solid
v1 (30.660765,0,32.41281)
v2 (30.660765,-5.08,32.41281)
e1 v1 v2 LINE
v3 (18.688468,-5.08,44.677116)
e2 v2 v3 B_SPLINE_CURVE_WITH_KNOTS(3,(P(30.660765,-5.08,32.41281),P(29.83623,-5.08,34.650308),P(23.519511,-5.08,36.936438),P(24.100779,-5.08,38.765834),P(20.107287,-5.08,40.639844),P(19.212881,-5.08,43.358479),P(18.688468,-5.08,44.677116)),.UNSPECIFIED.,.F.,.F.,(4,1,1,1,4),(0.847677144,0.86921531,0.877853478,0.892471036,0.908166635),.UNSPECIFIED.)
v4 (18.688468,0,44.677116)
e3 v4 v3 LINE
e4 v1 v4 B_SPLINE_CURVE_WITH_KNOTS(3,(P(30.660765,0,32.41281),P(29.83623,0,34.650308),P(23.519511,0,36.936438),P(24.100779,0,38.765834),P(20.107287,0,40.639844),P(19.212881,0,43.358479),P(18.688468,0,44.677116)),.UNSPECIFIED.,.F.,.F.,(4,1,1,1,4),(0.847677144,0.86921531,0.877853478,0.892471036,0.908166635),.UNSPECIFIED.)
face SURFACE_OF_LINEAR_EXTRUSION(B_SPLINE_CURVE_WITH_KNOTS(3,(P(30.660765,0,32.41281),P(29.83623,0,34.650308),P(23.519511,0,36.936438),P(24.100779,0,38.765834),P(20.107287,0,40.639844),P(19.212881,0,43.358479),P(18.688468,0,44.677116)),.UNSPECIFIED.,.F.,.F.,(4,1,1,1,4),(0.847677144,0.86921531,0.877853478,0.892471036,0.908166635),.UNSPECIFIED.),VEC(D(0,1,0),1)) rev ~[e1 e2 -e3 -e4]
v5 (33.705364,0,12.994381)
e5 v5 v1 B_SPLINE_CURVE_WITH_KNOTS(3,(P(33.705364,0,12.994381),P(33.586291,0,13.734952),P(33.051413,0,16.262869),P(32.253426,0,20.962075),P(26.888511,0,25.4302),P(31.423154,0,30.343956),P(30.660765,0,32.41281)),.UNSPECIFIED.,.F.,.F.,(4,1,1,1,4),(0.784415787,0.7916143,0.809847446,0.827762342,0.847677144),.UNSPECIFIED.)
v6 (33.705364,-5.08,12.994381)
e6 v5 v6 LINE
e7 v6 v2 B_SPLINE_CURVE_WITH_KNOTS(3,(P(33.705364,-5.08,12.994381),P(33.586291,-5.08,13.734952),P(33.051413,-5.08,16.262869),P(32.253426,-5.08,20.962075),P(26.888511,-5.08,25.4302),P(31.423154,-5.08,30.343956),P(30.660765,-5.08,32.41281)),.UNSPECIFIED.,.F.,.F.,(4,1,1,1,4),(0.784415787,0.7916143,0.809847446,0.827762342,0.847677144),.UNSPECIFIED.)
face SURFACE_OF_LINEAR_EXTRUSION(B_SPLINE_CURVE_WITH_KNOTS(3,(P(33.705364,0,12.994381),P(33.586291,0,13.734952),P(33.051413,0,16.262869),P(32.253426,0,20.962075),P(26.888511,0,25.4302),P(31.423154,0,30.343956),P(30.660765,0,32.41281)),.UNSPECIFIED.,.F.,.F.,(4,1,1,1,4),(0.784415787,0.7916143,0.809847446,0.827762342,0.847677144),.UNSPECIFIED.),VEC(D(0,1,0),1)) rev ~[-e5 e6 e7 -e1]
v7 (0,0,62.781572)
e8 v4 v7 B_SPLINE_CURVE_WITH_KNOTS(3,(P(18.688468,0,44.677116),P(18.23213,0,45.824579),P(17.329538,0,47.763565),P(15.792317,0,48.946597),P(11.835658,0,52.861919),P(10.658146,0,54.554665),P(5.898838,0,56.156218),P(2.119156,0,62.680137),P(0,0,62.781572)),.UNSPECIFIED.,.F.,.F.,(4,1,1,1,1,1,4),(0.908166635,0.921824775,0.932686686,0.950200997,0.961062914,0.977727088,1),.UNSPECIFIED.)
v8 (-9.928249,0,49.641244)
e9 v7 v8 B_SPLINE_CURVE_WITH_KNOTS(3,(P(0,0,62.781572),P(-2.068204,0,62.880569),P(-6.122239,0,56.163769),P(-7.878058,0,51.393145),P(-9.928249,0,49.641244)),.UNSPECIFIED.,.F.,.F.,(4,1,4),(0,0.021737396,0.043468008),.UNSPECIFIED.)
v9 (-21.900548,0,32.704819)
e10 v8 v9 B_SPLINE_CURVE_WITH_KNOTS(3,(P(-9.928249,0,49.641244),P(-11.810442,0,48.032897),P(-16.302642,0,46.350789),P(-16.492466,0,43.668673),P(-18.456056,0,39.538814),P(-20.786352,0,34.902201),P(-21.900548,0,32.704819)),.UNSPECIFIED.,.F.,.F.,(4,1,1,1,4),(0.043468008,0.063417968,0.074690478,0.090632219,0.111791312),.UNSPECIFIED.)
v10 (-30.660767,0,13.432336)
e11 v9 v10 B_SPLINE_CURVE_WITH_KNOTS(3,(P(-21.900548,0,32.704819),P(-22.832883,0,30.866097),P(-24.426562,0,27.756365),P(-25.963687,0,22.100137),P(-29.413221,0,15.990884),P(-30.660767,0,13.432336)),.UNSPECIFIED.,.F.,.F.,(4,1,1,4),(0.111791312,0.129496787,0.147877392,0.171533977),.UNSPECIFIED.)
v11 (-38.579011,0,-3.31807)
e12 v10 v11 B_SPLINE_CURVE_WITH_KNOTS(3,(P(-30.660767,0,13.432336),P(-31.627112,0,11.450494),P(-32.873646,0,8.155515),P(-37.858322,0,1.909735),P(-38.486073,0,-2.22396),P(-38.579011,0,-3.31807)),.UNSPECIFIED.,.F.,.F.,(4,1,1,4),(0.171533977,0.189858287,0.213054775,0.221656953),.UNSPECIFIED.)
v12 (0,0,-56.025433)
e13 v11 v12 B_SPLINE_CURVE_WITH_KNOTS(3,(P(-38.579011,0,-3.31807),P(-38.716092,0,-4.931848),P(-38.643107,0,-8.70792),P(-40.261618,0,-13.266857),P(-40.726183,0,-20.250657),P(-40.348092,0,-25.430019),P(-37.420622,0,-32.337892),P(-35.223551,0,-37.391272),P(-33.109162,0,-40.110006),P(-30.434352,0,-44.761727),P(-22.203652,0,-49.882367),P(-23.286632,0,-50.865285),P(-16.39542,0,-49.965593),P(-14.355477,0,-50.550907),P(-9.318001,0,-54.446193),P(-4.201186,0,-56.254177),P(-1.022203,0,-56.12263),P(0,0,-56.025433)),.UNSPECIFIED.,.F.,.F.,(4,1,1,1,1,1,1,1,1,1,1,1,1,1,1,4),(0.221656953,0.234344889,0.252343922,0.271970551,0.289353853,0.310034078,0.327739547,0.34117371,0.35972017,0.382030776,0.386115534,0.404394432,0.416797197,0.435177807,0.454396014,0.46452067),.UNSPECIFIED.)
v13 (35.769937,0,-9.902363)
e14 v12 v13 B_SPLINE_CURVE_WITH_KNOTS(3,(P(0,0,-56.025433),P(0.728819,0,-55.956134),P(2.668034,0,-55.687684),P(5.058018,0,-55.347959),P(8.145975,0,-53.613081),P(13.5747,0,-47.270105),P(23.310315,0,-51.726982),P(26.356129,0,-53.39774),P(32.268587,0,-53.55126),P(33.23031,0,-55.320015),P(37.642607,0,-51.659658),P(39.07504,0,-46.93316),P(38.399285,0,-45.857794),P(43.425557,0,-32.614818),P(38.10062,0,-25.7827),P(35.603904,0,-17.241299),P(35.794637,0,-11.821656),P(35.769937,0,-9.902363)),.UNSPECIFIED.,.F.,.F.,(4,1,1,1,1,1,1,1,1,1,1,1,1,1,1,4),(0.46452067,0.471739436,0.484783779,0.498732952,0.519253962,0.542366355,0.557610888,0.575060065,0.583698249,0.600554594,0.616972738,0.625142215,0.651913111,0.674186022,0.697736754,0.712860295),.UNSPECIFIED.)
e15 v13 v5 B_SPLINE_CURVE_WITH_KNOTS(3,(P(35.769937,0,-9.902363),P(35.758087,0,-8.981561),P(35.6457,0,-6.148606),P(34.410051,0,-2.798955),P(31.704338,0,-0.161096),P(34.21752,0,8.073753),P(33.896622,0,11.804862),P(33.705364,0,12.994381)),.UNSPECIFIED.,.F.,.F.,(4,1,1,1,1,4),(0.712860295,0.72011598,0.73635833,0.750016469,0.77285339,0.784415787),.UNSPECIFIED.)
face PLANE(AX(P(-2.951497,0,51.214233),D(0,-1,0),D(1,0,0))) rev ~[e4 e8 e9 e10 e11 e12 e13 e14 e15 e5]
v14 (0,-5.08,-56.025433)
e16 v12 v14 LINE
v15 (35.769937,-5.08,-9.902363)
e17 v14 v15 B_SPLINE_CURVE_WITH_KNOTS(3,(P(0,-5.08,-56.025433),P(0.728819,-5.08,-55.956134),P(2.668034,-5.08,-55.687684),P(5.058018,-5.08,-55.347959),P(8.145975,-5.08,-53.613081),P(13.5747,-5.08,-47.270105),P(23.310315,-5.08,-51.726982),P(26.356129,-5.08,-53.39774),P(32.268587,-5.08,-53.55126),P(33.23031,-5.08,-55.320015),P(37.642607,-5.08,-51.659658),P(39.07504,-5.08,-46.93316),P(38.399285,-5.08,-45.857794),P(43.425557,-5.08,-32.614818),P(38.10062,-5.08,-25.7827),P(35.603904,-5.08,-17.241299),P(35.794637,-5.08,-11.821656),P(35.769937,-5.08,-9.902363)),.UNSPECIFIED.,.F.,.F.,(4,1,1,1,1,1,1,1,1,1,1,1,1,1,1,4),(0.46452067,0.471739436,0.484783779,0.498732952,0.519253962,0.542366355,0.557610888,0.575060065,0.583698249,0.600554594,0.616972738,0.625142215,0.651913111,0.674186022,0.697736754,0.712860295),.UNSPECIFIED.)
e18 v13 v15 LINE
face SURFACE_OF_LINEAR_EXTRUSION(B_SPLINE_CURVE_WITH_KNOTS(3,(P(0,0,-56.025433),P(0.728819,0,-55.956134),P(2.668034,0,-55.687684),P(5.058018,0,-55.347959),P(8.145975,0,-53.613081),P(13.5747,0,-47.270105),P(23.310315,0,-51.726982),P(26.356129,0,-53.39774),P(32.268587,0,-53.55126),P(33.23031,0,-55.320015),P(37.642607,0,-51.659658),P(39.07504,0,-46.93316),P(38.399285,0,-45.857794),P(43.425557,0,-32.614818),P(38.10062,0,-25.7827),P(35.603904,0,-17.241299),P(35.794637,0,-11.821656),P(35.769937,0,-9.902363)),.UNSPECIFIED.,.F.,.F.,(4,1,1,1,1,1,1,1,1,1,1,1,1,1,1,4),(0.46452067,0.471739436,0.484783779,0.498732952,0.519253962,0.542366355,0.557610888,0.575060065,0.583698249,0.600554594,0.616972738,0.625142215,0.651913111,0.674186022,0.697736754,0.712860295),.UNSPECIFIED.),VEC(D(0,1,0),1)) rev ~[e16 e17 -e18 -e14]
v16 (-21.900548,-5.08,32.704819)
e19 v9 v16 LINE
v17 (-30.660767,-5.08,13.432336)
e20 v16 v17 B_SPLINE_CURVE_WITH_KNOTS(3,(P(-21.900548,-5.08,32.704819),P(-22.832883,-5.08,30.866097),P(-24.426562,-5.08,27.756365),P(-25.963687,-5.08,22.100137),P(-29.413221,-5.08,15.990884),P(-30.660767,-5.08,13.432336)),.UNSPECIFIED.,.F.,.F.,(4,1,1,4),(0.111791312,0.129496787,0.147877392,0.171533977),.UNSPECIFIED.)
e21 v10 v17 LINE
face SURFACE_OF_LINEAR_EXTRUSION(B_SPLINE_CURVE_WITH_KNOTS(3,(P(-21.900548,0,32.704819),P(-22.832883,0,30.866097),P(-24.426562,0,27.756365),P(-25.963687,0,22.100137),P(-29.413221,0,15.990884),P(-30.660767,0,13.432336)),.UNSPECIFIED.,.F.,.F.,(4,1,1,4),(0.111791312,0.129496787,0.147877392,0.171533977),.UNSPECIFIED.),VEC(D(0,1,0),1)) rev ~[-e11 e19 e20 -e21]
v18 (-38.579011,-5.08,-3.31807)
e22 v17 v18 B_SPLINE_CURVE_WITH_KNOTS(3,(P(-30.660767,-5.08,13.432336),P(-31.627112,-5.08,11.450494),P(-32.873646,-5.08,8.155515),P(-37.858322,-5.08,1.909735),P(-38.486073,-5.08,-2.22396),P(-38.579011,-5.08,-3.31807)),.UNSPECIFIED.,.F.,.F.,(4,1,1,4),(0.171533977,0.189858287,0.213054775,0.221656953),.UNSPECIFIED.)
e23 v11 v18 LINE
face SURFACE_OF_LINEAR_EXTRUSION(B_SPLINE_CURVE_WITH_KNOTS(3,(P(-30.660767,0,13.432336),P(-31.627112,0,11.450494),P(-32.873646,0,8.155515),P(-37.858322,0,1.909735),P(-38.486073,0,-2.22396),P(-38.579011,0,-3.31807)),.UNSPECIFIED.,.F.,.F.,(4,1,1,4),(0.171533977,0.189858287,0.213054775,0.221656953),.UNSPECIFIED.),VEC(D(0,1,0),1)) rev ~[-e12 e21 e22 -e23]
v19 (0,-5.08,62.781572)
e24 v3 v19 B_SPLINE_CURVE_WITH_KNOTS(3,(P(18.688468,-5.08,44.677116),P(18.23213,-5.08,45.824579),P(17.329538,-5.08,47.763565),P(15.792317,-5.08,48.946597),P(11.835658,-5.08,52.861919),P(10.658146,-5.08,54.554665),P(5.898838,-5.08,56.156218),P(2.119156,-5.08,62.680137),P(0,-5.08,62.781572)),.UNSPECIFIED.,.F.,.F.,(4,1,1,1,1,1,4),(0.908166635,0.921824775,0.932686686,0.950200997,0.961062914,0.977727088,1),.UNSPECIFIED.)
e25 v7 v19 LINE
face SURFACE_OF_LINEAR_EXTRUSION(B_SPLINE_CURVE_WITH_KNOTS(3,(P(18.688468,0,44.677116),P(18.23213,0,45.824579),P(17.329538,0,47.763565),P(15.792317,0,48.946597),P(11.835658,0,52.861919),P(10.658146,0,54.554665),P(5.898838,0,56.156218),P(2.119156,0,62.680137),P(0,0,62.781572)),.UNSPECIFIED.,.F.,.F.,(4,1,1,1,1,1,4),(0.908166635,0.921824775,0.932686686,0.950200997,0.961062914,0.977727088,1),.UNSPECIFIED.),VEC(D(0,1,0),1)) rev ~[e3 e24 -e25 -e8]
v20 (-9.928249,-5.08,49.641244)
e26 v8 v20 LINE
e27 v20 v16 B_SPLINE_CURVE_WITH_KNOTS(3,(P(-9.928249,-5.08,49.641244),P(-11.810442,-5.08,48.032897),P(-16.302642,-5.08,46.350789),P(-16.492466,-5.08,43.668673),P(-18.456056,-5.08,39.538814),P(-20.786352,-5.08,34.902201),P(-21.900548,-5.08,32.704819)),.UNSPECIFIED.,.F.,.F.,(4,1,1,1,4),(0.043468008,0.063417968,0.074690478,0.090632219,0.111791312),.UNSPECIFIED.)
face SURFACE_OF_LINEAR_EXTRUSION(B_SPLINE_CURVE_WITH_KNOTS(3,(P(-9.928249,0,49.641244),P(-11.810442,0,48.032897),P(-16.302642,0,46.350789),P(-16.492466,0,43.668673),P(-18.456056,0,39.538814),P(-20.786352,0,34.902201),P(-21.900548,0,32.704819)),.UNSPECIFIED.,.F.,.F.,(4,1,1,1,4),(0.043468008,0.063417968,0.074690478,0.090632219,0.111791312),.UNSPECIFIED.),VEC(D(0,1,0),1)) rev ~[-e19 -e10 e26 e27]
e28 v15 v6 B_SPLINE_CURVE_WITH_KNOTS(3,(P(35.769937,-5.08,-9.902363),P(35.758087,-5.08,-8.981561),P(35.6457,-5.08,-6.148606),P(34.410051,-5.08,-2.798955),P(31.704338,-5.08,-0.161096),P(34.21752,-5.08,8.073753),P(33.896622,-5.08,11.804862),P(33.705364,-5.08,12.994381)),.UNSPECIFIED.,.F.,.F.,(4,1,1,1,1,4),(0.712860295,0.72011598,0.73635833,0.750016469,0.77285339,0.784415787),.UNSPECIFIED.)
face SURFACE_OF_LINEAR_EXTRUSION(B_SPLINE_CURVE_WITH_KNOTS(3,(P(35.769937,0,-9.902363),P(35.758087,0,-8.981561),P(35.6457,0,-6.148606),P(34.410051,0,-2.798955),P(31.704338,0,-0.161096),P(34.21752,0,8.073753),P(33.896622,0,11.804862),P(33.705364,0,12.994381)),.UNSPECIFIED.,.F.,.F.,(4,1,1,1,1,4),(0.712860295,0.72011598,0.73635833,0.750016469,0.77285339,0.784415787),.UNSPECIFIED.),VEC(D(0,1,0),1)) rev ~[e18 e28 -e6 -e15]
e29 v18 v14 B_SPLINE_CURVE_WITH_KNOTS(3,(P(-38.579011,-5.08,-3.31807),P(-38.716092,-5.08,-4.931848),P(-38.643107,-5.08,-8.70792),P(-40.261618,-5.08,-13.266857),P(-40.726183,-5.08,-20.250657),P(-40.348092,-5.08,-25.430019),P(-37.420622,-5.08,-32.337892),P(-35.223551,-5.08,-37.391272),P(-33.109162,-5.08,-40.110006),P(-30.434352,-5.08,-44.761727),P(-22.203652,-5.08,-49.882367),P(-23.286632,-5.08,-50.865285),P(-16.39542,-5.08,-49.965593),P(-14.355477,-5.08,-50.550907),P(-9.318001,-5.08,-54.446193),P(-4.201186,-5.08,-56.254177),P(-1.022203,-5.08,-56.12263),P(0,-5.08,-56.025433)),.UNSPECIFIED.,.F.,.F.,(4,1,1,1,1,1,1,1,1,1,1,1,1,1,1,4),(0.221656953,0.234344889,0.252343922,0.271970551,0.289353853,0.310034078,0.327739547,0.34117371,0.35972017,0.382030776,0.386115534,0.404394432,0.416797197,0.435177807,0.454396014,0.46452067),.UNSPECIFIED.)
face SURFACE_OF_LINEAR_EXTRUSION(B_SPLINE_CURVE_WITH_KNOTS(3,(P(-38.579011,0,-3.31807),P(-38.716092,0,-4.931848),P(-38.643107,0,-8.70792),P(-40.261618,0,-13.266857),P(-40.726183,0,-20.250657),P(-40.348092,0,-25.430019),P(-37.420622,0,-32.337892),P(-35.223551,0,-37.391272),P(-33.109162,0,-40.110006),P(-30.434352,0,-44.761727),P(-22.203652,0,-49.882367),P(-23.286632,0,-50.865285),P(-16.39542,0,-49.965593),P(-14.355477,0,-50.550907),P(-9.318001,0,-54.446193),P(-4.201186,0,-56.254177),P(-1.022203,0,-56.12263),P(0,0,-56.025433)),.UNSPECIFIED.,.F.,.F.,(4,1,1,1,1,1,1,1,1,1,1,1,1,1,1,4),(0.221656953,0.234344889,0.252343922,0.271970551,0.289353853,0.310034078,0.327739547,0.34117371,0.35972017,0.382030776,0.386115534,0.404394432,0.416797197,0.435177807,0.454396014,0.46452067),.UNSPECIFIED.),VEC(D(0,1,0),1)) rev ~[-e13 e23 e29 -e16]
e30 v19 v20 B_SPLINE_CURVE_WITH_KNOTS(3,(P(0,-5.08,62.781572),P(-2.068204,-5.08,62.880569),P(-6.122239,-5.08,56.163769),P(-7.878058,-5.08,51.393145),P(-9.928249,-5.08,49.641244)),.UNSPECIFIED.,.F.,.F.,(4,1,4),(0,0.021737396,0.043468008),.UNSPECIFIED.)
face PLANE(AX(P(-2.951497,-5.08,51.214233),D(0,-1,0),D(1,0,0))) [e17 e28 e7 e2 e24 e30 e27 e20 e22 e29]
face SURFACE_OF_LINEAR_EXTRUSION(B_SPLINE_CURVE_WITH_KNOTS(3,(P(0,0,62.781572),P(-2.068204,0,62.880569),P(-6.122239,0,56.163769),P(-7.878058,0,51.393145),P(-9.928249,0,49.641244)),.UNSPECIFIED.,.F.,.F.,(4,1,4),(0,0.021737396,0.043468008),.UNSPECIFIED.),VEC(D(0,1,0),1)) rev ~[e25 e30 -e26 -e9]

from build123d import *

# Parameters (mm, degrees)
F1_DEPTH = 5.08


with BuildPart() as f1:
    # F0 (on Front) → F1 (new body)
    with BuildSketch(Plane.XZ):
        with BuildLine():
            Line((0, 39.7129952908), (0, 62.7815723419))
            add(Edge.make_bspline(
                [(0, 62.7815723419), (-2.0682044536, 62.8805692383), (-6.1222391946, 56.1637688544), (-7.878058325, 51.3931453291), (-9.9282488227, 49.6412441134)],
                knots=[0, 0, 0, 0, 0.021737396, 0.0434680081, 0.0434680081, 0.0434680081, 0.0434680081], degree=3))
            Line((-9.9282488227, 49.6412441134), (0, 39.7129952908))
        make_face()
        with BuildLine():
            add(Edge.make_bspline(
                [(18.6884682626, 44.6771159768), (18.2321298255, 45.8245791532), (17.3295379439, 47.7635647439), (15.7923174221, 48.9465971409), (11.8356580151, 52.8619191706), (10.6581463642, 54.5546647955), (5.8988382652, 56.156217506), (2.1191561316, 62.680136587), (0, 62.7815723419)],
                knots=[0.9081666351, 0.9081666351, 0.9081666351, 0.9081666351, 0.9218247754, 0.9326866856, 0.9502009968, 0.9610629139, 0.9777270879, 1, 1, 1, 1], degree=3))
            Line((0, 62.7815723419), (0, 39.7129952908))
            Line((0, 39.7129952908), (0, 21.9005476683))
            Line((0, 21.9005476683), (18.6884682626, 44.6771159768))
        make_face()
        with BuildLine():
            Line((0, 15.7683957368), (-21.9005476683, 32.7048189938))
            add(Edge.make_bspline(
                [(-21.9005476683, 32.7048189938), (-22.8328831119, 30.8660968693), (-24.4265620781, 27.7563654274), (-25.963686799, 22.1001372537), (-29.4132205613, 15.9908836531), (-30.6607671082, 13.4323360398)],
                knots=[0.111791312, 0.111791312, 0.111791312, 0.111791312, 0.1294967867, 0.1478773921, 0.171533977, 0.171533977, 0.171533977, 0.171533977], degree=3))
            Line((-30.6607671082, 13.4323360398), (0, -6.1321533285))
            Line((0, -6.1321533285), (0, 8.7602194399))
            Line((0, 8.7602194399), (0, 15.7683957368))
        make_face()
        with BuildLine():
            add(Edge.make_bspline(
                [(30.6607652456, 32.4128102511), (29.8362296224, 34.6503077004), (23.5195114919, 36.9364376041), (24.1007791397, 38.7658335443), (20.1072870302, 40.6398444674), (19.2128811812, 43.35847949), (18.6884682626, 44.6771159768)],
                knots=[0.8476771436, 0.8476771436, 0.8476771436, 0.8476771436, 0.8692153101, 0.8778534776, 0.8924710359, 0.9081666351, 0.9081666351, 0.9081666351, 0.9081666351], degree=3))
            Line((18.6884682626, 44.6771159768), (0, 21.9005476683))
            Line((0, 21.9005476683), (0, 15.7683957368))
            Line((0, 15.7683957368), (0, 8.7602194399))
            Line((0, 8.7602194399), (30.6607652456, 32.4128102511))
        make_face()
        with BuildLine():
            add(Edge.make_bspline(
                [(33.7053641258, 12.9943814881), (33.5862905648, 13.7349523127), (33.0514131611, 16.2628689309), (32.2534257913, 20.9620747877), (26.8885105962, 25.430199522), (31.4231543569, 30.343956409), (30.6607652456, 32.4128102511)],
                knots=[0.7844157869, 0.7844157869, 0.7844157869, 0.7844157869, 0.7916142998, 0.8098474458, 0.8277623417, 0.8476771436, 0.8476771436, 0.8476771436, 0.8476771436], degree=3))
            Line((30.6607652456, 32.4128102511), (0, 8.7602194399))
            Line((0, 8.7602194399), (0, -6.1321533285))
            Line((0, -6.1321533285), (0, -18.1729302168))
            Line((0, -18.1729302168), (33.7053641258, 12.9943814881))
        make_face()
        with BuildLine():
            Line((0, -6.1321533285), (-30.6607671082, 13.4323360398))
            add(Edge.make_bspline(
                [(-30.6607671082, 13.4323360398), (-31.6271124123, 11.4504937772), (-32.8736455439, 8.1555151935), (-37.8583222613, 1.90973463), (-38.4860730629, -2.2239595777), (-38.5790111039, -3.3180701461)],
                knots=[0.171533977, 0.171533977, 0.171533977, 0.171533977, 0.189858287, 0.2130547747, 0.2216569531, 0.2216569531, 0.2216569531, 0.2216569531], degree=3))
            Line((-38.5790111039, -3.3180701461), (0, -30.9527758509))
            Line((0, -30.9527758509), (0, -18.1729302168))
            Line((0, -18.1729302168), (0, -6.1321533285))
        make_face()
        with BuildLine():
            Line((0, -30.9527758509), (-38.5790111039, -3.3180701461))
            add(Edge.make_bspline(
                [(-38.5790111039, -3.3180701461), (-38.7160917143, -4.9318479177), (-38.6431065988, -8.7079204101), (-40.2616175226, -13.2668570506), (-40.7261832137, -20.2506565943), (-40.3480916064, -25.4300192028), (-37.4206221324, -32.3378916746), (-35.2235512693, -37.3912715057), (-33.1091619183, -40.1100058427), (-30.4343520735, -44.7617267917), (-22.2036520694, -49.882367361), (-23.286632186, -50.8652853362), (-16.3954196141, -49.9655927291), (-14.3554765013, -50.5509067249), (-9.3180008915, -54.4461932784), (-4.2011857588, -56.2541774286), (-1.022203096, -56.1226296679), (0, -56.0254334633)],
                knots=[0.2216569531, 0.2216569531, 0.2216569531, 0.2216569531, 0.2343448887, 0.2523439221, 0.271970551, 0.2893538529, 0.3100340781, 0.3277395473, 0.3411737099, 0.3597201701, 0.3820307761, 0.3861155341, 0.4043944323, 0.4167971974, 0.435177807, 0.4543960144, 0.46452067, 0.46452067, 0.46452067, 0.46452067], degree=3))
            Line((0, -56.0254334633), (0, -39.7129952908))
            Line((0, -39.7129952908), (0, -30.9527758509))
        make_face()
        with BuildLine():
            add(Edge.make_bspline(
                [(35.7699368275, -9.9023627365), (35.7580868811, -8.9815609134), (35.6457003569, -6.1486059148), (34.4100512216, -2.7989553663), (31.7043384949, -0.1610961151), (34.2175204773, 8.0737527177), (33.8966224871, 11.8048616564), (33.7053641258, 12.9943814881)],
                knots=[0.7128602952, 0.7128602952, 0.7128602952, 0.7128602952, 0.7201159802, 0.73635833, 0.7500164694, 0.7728533899, 0.7844157869, 0.7844157869, 0.7844157869, 0.7844157869], degree=3))
            Line((33.7053641258, 12.9943814881), (0, -18.1729302168))
            Line((0, -18.1729302168), (0, -30.9527758509))
            Line((0, -30.9527758509), (0, -39.7129952908))
            Line((0, -39.7129952908), (35.7699368275, -9.9023627365))
        make_face()
        with BuildLine():
            add(Edge.make_bspline(
                [(0, -56.0254334633), (0.7288193662, -55.9561336574), (2.668033903, -55.6876841202), (5.0580180903, -55.3479586609), (8.1459753032, -53.6130806028), (13.5746996903, -47.2701051739), (23.3103152898, -51.7269816917), (26.3561289686, -53.3977403333), (32.2685866965, -53.5512599968), (33.2303103008, -55.3200146644), (37.6426068704, -51.6596575661), (39.0750399529, -46.9331599861), (38.3992849053, -45.8577940603), (43.4255571927, -32.6148179562), (38.1006200713, -25.782700465), (35.6039041767, -17.2412992417), (35.7946365145, -11.8216555295), (35.7699368275, -9.9023627365)],
                knots=[0.46452067, 0.46452067, 0.46452067, 0.46452067, 0.4717394361, 0.484783779, 0.4987329524, 0.5192539623, 0.5423663552, 0.5576108878, 0.5750600649, 0.5836982489, 0.6005545936, 0.6169727382, 0.6251422152, 0.6519131115, 0.674186022, 0.6977367545, 0.7128602952, 0.7128602952, 0.7128602952, 0.7128602952], degree=3))
            Line((35.7699368275, -9.9023627365), (0, -39.7129952908))
            Line((0, -39.7129952908), (0, -56.0254334633))
        make_face()
        with BuildLine():
            Line((0, 39.7129952908), (-9.9282488227, 49.6412441134))
            add(Edge.make_bspline(
                [(-9.9282488227, 49.6412441134), (-11.8104423484, 48.0328974113), (-16.3026415651, 46.3507887081), (-16.492466451, 43.6686734105), (-18.4560560226, 39.5388143546), (-20.786351504, 34.9022010119), (-21.9005476683, 32.7048189938)],
                knots=[0.0434680081, 0.0434680081, 0.0434680081, 0.0434680081, 0.0634179676, 0.0746904778, 0.0906322195, 0.111791312, 0.111791312, 0.111791312, 0.111791312], degree=3))
            Line((-21.9005476683, 32.7048189938), (0, 15.7683957368))
            Line((0, 15.7683957368), (0, 21.9005476683))
            Line((0, 21.9005476683), (0, 39.7129952908))
        make_face()
    extrude(amount=F1_DEPTH)


solid = f1.part
